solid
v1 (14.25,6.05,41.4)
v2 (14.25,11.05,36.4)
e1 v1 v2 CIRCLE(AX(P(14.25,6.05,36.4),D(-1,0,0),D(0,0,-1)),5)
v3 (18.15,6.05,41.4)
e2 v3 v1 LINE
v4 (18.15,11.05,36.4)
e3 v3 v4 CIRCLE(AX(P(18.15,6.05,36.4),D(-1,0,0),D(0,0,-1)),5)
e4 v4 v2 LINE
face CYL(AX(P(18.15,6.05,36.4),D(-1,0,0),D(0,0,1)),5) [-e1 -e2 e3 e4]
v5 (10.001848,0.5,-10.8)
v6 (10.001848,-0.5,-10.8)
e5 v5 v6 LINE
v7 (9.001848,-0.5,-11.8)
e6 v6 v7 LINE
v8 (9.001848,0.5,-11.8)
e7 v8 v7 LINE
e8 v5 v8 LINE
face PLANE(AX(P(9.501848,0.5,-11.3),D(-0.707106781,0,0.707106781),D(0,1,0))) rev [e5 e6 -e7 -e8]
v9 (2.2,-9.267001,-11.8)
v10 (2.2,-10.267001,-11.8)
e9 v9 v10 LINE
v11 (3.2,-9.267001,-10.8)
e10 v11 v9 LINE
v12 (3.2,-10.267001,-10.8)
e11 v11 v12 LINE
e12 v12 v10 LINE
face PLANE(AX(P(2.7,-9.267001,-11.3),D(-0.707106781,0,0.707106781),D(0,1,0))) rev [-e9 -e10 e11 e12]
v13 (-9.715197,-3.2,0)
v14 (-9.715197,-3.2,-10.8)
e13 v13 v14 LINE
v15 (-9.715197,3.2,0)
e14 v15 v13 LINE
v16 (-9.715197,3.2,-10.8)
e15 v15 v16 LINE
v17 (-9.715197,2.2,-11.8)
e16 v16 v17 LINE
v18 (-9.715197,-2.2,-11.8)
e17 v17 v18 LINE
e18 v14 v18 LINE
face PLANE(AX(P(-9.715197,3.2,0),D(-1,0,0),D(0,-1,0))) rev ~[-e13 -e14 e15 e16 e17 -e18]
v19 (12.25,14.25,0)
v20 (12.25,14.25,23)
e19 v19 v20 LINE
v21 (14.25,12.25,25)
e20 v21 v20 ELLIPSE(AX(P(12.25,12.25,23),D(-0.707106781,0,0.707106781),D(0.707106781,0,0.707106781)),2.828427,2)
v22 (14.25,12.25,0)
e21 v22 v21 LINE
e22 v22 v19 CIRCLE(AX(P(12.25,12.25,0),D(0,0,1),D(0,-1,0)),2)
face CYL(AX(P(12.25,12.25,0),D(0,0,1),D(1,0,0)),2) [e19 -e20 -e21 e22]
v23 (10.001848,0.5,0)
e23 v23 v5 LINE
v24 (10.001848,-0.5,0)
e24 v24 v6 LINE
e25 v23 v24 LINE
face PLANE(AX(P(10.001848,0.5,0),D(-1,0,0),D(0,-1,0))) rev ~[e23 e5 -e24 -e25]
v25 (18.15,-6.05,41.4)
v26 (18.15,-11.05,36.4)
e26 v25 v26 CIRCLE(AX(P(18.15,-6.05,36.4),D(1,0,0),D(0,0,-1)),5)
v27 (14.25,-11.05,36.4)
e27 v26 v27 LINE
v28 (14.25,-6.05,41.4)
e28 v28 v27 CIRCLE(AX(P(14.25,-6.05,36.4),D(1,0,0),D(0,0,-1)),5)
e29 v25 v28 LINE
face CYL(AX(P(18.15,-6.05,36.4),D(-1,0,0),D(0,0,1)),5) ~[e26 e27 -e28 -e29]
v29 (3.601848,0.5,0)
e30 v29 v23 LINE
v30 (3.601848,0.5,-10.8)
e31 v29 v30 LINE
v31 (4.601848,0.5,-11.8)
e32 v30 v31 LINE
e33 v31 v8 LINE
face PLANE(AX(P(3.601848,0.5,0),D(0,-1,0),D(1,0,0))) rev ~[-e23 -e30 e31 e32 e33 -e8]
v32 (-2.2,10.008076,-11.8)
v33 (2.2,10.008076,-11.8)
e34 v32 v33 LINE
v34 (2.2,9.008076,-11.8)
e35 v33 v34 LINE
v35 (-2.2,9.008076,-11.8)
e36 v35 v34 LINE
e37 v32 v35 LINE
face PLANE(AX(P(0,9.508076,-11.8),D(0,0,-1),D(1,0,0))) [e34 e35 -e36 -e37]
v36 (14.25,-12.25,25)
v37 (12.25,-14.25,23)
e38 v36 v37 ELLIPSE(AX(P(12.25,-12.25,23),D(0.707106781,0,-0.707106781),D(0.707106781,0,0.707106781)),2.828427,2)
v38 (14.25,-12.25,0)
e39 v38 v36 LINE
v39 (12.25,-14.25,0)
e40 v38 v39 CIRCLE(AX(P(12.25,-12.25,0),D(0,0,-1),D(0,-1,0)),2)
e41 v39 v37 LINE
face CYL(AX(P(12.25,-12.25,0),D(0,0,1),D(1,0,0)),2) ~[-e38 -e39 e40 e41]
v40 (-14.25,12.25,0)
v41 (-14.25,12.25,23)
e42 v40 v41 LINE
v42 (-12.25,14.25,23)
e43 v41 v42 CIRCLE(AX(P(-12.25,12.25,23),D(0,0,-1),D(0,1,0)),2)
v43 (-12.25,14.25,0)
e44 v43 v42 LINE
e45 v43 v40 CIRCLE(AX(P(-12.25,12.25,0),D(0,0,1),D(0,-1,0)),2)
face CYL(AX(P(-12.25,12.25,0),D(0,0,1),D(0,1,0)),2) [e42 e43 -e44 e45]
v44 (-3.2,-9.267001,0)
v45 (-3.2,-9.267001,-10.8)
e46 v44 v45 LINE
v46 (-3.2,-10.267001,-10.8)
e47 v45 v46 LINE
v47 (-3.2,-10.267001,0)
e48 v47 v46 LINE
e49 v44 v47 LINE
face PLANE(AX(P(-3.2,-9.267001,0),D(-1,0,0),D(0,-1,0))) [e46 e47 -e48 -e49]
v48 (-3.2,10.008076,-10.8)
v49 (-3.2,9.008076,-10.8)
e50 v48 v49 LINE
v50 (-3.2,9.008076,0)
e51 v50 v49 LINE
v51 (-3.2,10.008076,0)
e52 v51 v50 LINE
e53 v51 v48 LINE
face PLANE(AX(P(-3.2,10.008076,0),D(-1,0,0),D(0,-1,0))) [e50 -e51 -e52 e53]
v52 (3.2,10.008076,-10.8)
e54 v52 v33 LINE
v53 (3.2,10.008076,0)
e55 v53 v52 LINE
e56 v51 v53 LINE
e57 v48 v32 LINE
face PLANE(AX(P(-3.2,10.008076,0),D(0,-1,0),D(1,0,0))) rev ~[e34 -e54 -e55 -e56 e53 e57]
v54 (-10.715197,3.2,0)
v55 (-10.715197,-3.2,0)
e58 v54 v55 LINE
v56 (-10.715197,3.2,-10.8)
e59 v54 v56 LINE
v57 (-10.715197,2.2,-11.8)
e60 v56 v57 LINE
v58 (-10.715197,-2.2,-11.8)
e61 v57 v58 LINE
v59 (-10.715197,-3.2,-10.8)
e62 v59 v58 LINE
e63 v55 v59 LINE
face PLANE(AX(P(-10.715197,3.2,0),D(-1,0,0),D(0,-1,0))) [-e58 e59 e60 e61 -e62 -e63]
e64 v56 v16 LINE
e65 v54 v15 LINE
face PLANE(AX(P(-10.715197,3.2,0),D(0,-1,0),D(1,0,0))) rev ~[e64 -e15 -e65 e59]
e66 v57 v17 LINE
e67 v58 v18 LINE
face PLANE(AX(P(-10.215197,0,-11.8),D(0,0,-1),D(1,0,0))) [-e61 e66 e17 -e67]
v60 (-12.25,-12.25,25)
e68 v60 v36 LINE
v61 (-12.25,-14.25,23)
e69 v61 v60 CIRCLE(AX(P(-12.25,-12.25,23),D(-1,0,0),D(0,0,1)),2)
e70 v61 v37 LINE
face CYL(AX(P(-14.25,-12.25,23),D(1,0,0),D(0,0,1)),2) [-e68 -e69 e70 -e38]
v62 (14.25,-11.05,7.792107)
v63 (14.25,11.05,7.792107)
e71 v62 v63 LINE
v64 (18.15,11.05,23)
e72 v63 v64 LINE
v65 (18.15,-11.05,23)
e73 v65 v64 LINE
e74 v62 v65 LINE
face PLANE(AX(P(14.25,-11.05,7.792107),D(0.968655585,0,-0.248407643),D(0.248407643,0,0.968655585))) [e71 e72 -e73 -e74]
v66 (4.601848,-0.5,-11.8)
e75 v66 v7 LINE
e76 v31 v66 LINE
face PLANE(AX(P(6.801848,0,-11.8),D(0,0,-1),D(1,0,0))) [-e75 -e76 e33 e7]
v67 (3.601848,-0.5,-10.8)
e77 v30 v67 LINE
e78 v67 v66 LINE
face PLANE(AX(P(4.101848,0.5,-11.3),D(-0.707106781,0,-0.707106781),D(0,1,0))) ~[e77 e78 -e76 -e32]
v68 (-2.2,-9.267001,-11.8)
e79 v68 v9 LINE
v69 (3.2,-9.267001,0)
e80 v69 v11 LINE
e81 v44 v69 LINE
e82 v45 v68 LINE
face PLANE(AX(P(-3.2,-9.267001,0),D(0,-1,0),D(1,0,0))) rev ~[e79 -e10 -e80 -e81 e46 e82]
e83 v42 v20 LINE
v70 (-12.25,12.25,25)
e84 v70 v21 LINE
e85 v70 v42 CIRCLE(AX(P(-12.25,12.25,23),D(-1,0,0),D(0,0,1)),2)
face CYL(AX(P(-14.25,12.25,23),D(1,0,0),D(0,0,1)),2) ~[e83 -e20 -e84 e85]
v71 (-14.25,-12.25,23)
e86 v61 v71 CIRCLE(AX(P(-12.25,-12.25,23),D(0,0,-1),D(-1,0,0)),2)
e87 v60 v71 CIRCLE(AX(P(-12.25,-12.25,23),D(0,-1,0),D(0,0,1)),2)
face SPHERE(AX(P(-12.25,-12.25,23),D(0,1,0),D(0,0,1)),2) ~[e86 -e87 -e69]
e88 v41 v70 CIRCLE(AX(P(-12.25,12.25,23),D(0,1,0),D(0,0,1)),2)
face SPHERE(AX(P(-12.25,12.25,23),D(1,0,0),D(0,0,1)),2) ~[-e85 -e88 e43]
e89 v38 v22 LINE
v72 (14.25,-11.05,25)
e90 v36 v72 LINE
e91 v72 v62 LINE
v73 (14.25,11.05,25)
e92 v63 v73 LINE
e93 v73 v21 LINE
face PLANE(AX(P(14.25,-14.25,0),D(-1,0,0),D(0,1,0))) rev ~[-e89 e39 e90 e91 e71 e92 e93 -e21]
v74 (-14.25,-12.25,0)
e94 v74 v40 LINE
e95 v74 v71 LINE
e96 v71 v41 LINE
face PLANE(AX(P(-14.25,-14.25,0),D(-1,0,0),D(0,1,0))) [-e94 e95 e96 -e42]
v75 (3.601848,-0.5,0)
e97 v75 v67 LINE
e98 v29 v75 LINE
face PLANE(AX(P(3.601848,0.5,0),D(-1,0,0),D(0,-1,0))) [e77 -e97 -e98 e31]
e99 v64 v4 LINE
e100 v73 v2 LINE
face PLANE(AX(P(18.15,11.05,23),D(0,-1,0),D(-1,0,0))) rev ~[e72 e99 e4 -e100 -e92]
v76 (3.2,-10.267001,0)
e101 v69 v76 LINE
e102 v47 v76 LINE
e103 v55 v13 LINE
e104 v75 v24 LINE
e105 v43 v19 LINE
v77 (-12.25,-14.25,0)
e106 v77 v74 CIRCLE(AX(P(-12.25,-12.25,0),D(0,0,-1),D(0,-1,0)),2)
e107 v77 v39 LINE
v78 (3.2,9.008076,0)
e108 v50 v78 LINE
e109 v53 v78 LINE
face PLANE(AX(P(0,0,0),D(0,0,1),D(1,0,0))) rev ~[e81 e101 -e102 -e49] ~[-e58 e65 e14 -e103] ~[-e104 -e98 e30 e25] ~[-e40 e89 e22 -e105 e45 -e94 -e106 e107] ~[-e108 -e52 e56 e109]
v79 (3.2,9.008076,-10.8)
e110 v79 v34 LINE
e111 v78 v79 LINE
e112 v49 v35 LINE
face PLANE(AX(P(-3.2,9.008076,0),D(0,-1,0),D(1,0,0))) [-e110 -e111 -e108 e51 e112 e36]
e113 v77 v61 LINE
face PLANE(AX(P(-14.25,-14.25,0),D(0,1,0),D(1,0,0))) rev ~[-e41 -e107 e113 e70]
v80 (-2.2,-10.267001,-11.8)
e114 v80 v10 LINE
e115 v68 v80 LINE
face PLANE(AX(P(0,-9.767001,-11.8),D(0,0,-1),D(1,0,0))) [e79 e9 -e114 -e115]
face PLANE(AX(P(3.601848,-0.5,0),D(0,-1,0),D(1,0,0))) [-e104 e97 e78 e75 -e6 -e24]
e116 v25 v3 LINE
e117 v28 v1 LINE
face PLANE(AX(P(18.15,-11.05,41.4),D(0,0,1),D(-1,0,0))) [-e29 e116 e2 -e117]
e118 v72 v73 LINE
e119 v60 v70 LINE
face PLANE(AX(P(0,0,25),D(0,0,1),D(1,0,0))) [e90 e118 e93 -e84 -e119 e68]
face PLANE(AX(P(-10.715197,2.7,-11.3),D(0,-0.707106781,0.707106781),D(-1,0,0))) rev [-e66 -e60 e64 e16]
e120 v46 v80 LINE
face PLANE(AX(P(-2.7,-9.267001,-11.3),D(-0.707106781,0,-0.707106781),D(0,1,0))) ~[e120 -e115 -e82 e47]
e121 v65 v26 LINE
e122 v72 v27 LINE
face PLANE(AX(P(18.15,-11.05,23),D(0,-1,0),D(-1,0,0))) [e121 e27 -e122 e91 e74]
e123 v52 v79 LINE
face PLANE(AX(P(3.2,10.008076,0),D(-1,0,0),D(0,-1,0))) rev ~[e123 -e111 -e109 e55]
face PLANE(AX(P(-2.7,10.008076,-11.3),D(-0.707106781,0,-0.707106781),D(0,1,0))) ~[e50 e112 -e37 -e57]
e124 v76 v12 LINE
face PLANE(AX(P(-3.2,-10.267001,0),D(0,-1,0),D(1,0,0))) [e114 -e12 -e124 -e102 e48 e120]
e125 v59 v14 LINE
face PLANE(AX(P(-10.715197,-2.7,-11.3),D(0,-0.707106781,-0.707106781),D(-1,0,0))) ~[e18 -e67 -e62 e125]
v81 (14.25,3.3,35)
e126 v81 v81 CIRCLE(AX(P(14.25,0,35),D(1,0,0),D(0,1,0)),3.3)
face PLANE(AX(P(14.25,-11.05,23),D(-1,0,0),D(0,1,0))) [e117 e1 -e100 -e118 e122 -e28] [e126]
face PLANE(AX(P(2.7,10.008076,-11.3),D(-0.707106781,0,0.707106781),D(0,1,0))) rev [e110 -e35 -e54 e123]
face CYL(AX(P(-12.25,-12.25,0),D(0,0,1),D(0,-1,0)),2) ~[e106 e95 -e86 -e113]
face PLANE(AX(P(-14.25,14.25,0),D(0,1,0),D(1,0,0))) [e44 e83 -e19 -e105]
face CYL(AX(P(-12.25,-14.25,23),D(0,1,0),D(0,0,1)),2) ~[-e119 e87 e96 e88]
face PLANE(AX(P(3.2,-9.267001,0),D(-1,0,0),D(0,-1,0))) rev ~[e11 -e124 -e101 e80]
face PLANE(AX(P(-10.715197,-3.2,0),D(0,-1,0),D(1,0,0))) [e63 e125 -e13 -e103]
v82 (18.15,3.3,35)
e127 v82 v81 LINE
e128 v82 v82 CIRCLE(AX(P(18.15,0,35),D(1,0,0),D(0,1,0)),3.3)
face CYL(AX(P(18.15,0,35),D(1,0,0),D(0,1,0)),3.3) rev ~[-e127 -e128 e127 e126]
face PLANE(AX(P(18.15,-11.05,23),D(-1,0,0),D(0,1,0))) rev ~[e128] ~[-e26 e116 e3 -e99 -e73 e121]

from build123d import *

# Parameters (mm, degrees)
F0_W      = 28.5
F0_H      = 28.5
F1_DEPTH  = 25
F3_START  = -3.2
F3_DEPTH  = 22.1
F4_DEPTH  = 18.4
F5_R      = 5
F6_R      = 3.3
F7_DEPTH  = 32.401
F8_R      = 2
F9_W      = 1
F9_H      = 6.4
F9_W_2    = 6.4
F9_H_2    = 1
F10_DEPTH = 11.8
F11_SIZE  = 1


with BuildPart() as f1:
    # F0 (on Top) → F1 (new body)
    with BuildSketch(Plane.XY):
        Rectangle(F0_W, F0_H)
    extrude(amount=F1_DEPTH)

    # F2 (on face) → F3 (join)
    with BuildSketch(Plane.XZ.offset(14.25).offset(F3_START)):
        Polygon((18.15, 23), (14.25, 23), (14.25, 7.7921073123), align=None)
    extrude(amount=-F3_DEPTH)

    # F4 (add): a face of the model
    f4_faces = [f1.faces().sort_by_distance(p)[0] for p in [
        (16.2, 0, 23),
    ]]
    extrude(f4_faces, amount=F4_DEPTH)

    # F5
    f5_edges = [f1.edges().sort_by_distance(p)[0] for p in [
        (16.2, -11.05, 41.4),
        (16.2, 11.05, 41.4),
    ]]
    fillet(f5_edges, radius=F5_R)

    # F6 (on face) → F7 (cut, through all)
    with BuildSketch(Plane.YZ.offset(18.15)):
        with Locations((0, 35)):
            Circle(F6_R)
    extrude(amount=-F7_DEPTH, mode=Mode.SUBTRACT)

    # F8
    f8_edges = [f1.edges().sort_by_distance(p)[0] for p in [
        (0, 14.25, 25),
        (-14.25, 0, 25),
        (0, -14.25, 25),
        (-14.25, 14.25, 12.5),
        (-14.25, -14.25, 12.5),
        (14.25, 14.25, 12.5),
        (14.25, -14.25, 12.5),
    ]]
    fillet(f8_edges, radius=F8_R)

    # F9 (on face) → F10 (join)
    with BuildSketch(Plane(origin=(0, 0, 0), x_dir=(1, 0, 0), z_dir=(0, 0, -1))):
        with Locations((-10.2151967585, 0)):
            Rectangle(F9_W, F9_H)
        with Locations((6.8018482998, 0)):
            Rectangle(F9_W_2, F9_H_2)
        with Locations((0, -9.5080761239)):
            Rectangle(F9_W_2, F9_H_2)
        with Locations((0, 9.7670005634)):
            Rectangle(F9_W_2, F9_H_2)
    extrude(amount=F10_DEPTH)

    # F11
    f11_edges = [f1.edges().sort_by_distance(p)[0] for p in [
        (-3.2, 9.508076, -11.8),
        (3.2, 9.508076, -11.8),
        (-10.215197, 3.2, -11.8),
        (-10.215197, -3.2, -11.8),
        (-3.2, -9.767001, -11.8),
        (3.2, -9.767001, -11.8),
        (3.601848, 0, -11.8),
        (10.001848, 0, -11.8),
    ]]
    chamfer(f11_edges, length=F11_SIZE)


solid = f1.part
